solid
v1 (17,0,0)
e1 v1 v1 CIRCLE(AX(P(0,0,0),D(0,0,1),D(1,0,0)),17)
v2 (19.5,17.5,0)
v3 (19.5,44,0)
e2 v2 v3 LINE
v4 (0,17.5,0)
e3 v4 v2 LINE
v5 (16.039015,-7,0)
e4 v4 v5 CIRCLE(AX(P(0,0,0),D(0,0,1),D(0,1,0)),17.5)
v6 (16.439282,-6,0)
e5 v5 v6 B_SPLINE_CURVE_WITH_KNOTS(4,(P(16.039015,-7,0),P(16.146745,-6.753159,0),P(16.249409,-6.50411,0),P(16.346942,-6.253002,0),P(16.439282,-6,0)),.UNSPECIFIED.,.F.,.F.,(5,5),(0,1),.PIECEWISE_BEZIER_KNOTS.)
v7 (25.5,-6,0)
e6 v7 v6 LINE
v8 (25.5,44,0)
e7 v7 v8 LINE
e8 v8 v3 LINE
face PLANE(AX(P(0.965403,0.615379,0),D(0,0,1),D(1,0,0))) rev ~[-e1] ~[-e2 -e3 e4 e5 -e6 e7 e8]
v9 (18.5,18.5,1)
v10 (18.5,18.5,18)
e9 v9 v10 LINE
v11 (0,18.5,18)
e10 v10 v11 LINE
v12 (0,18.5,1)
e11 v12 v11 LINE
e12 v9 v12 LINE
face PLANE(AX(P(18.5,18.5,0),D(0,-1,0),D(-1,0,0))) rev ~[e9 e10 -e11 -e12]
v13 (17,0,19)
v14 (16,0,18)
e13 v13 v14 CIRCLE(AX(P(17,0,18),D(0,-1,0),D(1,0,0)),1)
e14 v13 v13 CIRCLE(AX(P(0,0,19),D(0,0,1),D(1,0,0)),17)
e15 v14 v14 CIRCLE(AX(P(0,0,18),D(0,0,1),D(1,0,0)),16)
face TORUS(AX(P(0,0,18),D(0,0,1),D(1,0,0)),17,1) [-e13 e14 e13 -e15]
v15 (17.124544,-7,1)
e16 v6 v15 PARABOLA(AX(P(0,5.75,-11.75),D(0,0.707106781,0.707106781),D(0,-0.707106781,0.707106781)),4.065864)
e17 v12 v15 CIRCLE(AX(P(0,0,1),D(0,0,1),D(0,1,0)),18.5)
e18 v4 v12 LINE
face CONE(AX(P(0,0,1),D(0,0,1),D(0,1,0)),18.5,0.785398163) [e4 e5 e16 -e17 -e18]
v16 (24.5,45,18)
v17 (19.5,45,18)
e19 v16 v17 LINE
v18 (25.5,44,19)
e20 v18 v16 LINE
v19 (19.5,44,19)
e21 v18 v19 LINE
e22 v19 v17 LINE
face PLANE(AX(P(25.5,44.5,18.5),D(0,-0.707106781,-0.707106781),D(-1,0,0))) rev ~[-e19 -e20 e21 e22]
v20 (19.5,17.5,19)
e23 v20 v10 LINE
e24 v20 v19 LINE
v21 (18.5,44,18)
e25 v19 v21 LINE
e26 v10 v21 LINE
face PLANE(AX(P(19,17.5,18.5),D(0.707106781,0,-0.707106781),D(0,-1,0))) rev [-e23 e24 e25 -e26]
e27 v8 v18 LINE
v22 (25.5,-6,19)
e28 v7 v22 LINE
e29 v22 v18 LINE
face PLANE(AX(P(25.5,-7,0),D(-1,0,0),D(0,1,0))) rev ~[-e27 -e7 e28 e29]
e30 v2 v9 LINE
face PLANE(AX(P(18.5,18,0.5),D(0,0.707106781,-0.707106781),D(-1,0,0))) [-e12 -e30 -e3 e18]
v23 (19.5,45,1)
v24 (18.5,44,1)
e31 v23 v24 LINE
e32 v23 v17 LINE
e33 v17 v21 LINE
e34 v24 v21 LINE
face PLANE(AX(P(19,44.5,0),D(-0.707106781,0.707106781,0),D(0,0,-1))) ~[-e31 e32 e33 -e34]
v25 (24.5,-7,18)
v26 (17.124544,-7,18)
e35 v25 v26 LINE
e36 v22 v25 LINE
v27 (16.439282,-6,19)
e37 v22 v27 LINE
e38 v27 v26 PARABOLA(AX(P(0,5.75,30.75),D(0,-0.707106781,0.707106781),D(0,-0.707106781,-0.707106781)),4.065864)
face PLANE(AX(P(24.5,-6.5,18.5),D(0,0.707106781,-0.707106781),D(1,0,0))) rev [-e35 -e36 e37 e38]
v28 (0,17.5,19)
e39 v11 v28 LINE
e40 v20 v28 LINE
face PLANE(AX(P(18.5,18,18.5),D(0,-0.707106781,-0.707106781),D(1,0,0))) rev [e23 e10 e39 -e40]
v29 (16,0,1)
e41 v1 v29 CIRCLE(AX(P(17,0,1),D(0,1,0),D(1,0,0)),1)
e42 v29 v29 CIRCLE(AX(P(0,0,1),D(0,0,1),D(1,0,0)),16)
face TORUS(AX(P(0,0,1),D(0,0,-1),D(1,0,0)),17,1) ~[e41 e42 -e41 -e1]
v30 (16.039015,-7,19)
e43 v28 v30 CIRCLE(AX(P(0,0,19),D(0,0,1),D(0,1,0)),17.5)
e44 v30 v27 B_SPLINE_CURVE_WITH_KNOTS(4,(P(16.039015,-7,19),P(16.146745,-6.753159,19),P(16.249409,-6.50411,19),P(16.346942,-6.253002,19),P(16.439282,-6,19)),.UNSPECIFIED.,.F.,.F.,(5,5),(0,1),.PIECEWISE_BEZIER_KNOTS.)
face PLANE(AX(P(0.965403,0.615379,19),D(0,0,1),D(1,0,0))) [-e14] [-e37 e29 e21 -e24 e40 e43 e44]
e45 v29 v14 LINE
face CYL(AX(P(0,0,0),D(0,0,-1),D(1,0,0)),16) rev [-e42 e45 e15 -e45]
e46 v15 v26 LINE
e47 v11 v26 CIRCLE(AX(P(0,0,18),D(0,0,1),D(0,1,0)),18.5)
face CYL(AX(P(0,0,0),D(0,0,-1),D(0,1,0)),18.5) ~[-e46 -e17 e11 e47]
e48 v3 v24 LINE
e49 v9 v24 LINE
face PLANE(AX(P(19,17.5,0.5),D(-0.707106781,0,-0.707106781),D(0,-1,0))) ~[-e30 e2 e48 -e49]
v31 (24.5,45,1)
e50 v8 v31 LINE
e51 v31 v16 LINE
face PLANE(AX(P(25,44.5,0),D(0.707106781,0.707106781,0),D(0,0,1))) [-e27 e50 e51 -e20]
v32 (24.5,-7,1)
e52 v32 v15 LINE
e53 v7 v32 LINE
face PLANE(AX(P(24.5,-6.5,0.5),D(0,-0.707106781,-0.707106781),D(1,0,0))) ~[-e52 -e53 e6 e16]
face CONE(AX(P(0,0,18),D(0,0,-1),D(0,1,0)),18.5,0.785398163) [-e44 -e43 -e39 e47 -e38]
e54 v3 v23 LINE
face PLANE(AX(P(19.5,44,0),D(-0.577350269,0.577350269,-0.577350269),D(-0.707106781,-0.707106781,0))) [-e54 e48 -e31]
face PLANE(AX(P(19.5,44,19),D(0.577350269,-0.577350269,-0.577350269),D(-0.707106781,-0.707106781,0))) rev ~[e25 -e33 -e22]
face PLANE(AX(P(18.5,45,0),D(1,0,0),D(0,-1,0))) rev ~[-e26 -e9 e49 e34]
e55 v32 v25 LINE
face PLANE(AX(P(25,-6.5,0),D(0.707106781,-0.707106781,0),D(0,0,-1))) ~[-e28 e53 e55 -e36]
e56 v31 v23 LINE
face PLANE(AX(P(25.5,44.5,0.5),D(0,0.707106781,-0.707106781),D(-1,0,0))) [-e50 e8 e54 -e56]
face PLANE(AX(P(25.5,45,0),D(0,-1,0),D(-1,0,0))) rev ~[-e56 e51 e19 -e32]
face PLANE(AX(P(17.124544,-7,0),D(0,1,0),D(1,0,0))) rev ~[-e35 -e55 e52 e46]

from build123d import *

# Parameters (mm, degrees)
F1_R     = 16
F1_W     = 7
F1_H     = 7
F2_DEPTH = 19
F3_SIZE  = 1
F4_R     = 1
F5_SIZE  = 1
F6_SIZE  = 1


with BuildPart() as f2:
    # F1 (on Top) → F2 (new body)
    with BuildSketch(Plane.XY):
        with BuildLine():
            ThreePointArc((17.1245437895, -7), (18.1528793874, -3.5669272416), (18.5, 0))
            ThreePointArc((18.5, 0), (13.081475452, 13.081475452), (0, 18.5))
            ThreePointArc((0, 18.5), (-15.3582225534, -10.3138256724), (17.1245437895, -7))
        make_face()
        Circle(F1_R, mode=Mode.SUBTRACT)
        with BuildLine():
            ThreePointArc((0, 18.5), (13.081475452, 13.081475452), (18.5, 0))
            Line((18.5, 0), (18.5, 18.5))
            Line((18.5, 18.5), (0, 18.5))
        make_face()
        Polygon((18.5, 18.5), (18.5, 0), (25.5, 0), (25.5, 45), (18.5, 45), align=None)
        with BuildLine():
            Line((18.5, -7), (18.5, 0))
            ThreePointArc((18.5, 0), (18.1528793874, -3.5669272416), (17.1245437895, -7))
            Line((17.1245437895, -7), (18.5, -7))
        make_face()
        with Locations((22, -3.5)):
            Rectangle(F1_W, F1_H)
    extrude(amount=F2_DEPTH)

    # F3
    f3_edges = [f2.edges().sort_by_distance(p)[0] for p in [
        (25.5, -7, 9.5),
    ]]
    chamfer(f3_edges, length=F3_SIZE)

    # F4
    f4_edges = [f2.edges().sort_by_distance(p)[0] for p in [
        (-16, 0, 19),
        (-16, 0, 0),
    ]]
    fillet(f4_edges, radius=F4_R)

    # F5
    f5_edges = [f2.edges().sort_by_distance(p)[0] for p in [
        (9.25, 18.5, 19),
        (-15.358223, -10.313826, 19),
        (-15.358223, -10.313826, 0),
        (9.25, 18.5, 0),
    ]]
    chamfer(f5_edges, length=F5_SIZE)

    # F6
    f6_edges = [f2.edges().sort_by_distance(p)[0] for p in [
        (18.5, 45, 9.5),
        (22, 45, 0),
        (22, 45, 19),
        (25.5, 45, 9.5),
        (18.5, 31.75, 19),
        (18.5, 31.75, 0),
        (20.812272, -7, 19),
        (20.812272, -7, 0),
    ]]
    chamfer(f6_edges, length=F6_SIZE)


solid = f2.part
